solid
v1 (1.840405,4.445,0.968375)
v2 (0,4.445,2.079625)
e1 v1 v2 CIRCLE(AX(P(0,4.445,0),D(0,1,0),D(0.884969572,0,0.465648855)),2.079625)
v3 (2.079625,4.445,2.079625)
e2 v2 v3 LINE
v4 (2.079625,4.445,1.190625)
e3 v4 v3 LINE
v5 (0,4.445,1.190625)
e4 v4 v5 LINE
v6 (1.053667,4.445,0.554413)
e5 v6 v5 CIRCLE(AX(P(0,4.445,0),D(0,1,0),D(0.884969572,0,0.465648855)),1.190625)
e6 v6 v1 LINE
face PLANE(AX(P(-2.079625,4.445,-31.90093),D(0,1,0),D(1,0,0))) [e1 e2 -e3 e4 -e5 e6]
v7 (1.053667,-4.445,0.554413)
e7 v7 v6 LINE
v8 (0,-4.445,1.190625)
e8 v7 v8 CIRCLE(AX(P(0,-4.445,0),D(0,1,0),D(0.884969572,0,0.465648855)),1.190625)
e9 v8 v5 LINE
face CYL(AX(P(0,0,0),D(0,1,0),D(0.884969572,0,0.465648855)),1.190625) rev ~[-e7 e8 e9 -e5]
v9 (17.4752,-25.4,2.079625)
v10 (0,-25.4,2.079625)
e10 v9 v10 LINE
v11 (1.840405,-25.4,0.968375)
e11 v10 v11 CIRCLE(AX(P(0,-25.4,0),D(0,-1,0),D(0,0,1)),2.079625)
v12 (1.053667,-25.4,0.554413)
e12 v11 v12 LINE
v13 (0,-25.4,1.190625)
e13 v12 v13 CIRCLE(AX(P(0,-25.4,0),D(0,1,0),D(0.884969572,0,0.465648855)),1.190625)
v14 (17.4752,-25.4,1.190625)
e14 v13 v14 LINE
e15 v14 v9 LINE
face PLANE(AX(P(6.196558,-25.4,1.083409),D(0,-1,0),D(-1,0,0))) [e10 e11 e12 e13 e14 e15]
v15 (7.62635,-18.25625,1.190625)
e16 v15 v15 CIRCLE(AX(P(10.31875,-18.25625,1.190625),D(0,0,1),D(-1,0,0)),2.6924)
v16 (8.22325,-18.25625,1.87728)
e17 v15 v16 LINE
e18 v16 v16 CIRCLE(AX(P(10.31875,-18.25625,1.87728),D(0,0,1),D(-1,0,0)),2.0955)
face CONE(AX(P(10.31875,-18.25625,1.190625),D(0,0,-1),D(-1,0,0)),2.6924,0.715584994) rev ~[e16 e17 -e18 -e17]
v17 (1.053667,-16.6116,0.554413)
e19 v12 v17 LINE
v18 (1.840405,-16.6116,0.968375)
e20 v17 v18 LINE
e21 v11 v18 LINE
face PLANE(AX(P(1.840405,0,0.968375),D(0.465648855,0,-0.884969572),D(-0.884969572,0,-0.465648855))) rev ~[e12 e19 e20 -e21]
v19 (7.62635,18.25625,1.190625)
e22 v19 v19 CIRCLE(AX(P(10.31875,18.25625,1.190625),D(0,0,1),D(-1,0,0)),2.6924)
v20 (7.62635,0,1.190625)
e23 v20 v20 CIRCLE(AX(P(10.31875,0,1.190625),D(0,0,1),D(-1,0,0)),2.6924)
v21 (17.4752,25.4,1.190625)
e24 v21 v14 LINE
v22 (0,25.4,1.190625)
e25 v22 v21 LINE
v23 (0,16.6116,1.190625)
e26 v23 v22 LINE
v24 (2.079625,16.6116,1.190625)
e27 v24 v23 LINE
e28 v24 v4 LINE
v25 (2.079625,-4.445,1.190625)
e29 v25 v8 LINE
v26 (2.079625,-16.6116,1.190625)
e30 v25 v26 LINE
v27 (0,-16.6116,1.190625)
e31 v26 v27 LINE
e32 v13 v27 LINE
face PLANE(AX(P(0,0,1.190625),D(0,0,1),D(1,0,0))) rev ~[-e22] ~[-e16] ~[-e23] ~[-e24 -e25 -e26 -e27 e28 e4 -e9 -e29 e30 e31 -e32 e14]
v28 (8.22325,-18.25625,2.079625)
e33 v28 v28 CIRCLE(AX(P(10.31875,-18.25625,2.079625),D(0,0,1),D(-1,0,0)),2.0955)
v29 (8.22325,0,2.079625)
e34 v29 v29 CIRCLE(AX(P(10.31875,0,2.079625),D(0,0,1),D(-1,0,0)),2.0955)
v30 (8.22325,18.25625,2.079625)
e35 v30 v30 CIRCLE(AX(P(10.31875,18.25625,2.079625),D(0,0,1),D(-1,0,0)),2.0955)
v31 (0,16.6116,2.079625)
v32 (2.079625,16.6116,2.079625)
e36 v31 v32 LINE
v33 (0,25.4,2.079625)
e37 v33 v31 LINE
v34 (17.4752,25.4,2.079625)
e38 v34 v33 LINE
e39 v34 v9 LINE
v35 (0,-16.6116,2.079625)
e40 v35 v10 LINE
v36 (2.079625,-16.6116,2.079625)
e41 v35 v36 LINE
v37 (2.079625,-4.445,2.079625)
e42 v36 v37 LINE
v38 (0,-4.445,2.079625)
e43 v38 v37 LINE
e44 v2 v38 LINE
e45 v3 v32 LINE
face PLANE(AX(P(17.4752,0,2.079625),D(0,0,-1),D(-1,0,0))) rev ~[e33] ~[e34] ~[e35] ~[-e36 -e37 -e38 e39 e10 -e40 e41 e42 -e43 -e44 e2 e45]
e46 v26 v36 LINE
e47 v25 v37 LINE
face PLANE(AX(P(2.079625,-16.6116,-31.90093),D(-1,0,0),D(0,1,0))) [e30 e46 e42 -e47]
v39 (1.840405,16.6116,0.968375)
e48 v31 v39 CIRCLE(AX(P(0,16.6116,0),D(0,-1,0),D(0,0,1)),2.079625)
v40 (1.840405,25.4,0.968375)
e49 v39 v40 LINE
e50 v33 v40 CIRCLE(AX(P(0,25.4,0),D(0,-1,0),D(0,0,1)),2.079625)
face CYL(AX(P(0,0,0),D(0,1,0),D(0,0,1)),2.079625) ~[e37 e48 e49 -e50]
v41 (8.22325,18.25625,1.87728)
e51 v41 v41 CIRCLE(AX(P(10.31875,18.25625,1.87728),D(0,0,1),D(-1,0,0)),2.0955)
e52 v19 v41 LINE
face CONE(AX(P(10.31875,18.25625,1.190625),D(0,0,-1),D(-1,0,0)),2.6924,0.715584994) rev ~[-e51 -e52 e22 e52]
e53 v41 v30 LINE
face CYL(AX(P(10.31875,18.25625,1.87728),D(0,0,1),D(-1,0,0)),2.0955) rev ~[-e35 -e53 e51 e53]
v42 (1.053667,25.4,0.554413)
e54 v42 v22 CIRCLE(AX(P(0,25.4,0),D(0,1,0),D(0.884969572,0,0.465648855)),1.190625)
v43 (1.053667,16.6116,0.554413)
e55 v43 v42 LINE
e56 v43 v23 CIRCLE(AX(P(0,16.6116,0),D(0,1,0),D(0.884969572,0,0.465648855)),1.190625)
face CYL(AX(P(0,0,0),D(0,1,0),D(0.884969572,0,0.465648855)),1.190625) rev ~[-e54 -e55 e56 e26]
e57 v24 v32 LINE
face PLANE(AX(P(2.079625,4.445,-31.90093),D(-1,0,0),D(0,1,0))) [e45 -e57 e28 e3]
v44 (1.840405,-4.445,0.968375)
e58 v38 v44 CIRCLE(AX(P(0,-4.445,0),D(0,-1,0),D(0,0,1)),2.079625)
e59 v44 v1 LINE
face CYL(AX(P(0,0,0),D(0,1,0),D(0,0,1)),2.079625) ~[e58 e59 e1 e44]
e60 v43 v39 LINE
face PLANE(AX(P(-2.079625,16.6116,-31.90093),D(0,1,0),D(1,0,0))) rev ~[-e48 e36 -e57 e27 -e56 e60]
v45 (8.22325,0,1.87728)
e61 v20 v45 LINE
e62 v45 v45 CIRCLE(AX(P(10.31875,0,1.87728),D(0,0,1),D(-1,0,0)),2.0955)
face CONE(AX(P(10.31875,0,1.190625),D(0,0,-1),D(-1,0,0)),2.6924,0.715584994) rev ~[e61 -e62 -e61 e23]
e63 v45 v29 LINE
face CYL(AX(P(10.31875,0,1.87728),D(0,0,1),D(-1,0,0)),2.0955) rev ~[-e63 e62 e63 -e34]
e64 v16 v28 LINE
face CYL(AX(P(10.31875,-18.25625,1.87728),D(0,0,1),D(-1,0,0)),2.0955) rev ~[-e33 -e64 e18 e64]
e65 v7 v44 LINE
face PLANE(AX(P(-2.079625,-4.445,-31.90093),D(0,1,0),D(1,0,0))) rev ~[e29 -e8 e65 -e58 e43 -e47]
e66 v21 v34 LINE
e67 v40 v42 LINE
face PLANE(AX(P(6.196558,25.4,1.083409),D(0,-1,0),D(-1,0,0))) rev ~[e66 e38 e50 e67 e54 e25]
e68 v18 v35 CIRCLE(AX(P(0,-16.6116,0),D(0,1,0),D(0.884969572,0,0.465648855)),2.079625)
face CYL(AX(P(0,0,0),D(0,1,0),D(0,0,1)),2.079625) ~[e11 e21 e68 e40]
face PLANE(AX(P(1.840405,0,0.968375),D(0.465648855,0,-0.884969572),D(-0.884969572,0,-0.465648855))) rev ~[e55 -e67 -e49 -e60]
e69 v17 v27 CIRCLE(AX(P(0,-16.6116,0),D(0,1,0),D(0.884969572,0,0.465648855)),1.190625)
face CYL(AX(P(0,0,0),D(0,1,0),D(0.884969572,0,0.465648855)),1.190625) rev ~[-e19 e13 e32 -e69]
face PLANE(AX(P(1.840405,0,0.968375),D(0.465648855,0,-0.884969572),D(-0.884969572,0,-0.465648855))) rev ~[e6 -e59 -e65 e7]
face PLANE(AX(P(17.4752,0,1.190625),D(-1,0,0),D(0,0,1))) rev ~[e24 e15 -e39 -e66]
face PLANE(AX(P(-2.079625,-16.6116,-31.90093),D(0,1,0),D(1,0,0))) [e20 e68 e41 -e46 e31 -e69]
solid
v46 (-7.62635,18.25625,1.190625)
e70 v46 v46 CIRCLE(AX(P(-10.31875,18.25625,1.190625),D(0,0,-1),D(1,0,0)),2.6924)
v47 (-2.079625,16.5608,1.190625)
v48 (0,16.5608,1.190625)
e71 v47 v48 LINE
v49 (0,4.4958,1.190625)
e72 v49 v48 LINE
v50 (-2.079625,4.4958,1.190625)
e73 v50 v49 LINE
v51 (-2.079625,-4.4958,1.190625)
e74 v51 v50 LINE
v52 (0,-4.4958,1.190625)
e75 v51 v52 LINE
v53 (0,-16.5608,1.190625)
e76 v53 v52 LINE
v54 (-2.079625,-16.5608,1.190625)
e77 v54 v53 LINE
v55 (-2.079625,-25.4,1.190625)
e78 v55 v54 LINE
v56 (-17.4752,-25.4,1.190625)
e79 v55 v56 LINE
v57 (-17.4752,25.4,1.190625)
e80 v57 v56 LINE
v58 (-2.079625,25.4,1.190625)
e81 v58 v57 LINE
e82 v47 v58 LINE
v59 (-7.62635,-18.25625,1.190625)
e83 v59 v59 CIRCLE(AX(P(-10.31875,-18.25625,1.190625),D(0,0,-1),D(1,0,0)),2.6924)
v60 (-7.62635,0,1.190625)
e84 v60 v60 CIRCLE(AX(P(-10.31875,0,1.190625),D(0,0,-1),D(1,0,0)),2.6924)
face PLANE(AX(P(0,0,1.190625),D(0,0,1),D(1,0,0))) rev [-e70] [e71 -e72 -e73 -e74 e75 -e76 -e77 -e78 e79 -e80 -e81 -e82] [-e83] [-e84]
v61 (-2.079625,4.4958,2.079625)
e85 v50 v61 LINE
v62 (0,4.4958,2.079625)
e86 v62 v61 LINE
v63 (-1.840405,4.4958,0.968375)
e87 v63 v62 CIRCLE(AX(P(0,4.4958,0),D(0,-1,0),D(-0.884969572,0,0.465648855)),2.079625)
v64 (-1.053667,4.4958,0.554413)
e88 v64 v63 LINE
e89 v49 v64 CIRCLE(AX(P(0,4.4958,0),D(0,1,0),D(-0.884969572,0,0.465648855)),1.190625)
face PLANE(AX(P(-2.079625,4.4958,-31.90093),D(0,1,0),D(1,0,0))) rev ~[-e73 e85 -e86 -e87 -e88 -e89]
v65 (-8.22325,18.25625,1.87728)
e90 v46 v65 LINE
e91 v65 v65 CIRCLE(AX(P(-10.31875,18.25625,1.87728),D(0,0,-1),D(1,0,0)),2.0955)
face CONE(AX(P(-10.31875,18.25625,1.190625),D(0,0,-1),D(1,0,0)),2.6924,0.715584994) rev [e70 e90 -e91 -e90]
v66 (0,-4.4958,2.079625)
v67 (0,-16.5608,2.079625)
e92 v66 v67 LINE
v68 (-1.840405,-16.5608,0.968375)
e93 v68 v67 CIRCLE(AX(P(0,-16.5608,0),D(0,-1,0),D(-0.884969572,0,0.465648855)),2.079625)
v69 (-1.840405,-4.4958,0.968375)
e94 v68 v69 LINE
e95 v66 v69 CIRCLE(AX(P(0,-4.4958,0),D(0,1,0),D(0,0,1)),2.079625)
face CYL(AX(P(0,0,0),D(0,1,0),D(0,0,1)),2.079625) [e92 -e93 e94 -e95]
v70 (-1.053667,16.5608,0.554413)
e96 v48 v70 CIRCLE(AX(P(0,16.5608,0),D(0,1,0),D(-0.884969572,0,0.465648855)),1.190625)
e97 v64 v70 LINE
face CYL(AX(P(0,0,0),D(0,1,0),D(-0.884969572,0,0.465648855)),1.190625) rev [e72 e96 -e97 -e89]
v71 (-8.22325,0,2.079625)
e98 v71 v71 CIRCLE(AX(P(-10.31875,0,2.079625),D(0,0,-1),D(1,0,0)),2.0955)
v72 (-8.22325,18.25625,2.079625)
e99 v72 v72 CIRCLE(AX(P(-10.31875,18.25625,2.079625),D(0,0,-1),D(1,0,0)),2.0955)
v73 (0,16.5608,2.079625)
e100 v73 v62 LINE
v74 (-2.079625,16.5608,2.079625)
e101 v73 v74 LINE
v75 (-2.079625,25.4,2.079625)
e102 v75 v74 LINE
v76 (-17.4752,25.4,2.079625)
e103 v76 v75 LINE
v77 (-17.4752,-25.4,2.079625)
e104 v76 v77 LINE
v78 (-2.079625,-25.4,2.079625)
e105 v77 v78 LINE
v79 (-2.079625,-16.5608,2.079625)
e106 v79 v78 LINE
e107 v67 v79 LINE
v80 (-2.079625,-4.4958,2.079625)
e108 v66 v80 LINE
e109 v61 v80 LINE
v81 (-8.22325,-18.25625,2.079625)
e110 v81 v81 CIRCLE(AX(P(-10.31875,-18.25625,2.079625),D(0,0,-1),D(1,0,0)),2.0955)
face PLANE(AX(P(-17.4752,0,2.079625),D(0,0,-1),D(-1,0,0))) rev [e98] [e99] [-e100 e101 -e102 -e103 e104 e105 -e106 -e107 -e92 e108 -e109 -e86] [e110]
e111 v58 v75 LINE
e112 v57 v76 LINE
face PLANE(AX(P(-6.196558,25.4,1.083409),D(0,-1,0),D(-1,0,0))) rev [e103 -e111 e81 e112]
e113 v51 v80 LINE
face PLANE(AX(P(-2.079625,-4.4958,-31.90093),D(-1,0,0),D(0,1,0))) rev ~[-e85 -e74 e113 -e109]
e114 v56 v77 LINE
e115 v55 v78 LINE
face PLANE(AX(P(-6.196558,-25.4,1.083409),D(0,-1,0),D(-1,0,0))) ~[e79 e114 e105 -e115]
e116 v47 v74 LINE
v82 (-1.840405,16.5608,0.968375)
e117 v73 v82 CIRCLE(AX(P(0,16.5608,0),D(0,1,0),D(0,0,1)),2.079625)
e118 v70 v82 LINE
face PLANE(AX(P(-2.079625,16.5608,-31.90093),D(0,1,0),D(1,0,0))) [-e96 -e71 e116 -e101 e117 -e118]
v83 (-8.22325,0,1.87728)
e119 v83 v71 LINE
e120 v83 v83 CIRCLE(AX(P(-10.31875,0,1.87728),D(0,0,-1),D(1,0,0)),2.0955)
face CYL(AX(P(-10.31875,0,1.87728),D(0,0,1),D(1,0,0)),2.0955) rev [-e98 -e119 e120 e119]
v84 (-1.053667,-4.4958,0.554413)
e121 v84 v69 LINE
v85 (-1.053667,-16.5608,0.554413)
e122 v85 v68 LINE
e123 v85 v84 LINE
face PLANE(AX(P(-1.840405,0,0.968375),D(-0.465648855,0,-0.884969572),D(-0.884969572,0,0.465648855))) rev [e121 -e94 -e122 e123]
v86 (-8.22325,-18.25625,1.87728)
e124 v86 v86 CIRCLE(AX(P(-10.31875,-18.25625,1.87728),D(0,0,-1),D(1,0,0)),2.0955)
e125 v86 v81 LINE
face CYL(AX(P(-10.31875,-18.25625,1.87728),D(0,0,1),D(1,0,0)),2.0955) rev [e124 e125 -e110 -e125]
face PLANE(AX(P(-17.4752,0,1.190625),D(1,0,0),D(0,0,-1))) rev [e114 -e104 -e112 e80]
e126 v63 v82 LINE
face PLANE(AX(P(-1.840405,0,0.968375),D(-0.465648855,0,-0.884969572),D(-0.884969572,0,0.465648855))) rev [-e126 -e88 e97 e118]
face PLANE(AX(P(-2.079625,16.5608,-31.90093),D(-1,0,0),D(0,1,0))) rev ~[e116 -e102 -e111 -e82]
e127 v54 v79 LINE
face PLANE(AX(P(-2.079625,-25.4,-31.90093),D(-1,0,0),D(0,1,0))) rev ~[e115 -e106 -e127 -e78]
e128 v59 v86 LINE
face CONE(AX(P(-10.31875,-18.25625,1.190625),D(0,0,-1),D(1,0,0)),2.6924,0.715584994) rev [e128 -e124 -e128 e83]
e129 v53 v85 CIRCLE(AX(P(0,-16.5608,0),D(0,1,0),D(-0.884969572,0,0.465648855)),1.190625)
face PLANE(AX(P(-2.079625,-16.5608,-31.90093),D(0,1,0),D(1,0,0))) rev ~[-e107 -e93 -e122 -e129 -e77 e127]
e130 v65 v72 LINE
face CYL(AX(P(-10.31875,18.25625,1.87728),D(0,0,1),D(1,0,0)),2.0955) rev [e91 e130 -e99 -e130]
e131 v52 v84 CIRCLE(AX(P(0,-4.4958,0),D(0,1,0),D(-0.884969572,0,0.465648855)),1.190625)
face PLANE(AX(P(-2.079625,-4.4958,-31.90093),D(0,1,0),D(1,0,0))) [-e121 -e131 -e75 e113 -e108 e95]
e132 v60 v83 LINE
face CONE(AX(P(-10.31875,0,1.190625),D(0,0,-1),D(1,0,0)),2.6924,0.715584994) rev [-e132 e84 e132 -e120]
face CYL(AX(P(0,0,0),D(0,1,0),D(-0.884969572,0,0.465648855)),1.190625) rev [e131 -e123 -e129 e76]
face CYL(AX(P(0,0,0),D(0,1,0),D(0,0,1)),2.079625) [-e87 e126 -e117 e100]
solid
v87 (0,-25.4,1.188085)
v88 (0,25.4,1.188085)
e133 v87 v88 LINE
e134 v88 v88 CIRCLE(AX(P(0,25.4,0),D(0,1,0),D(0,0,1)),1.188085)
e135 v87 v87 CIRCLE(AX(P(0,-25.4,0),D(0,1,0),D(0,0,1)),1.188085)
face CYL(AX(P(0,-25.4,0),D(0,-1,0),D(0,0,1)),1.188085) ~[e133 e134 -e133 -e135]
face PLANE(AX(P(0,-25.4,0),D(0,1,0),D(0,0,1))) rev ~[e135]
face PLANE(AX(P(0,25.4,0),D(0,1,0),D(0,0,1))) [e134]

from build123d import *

# Parameters (mm, degrees)
EXTRUDE1_DEPTH          = 25.4
LPATTERN2_COUNT         = 3
LPATTERN2_PITCH         = 18.25625
CUT_EXTRUDE1_DEPTH      = 31.900929681
CUT_EXTRUDE1_DEPTH_BACK = 31.900929681
SKETCH4_W               = 4.15925
SKETCH4_H               = 12.1666
CUT_EXTRUDE2_DEPTH      = 31.900929681
CUT_EXTRUDE2_DEPTH_BACK = 31.900929681
SKETCH5_W               = 4.15925
SKETCH5_H               = 8.8392
SKETCH5_H_2             = 8.9916
EXTRUDE2_START          = -25.4
SKETCH6_R               = 1.188085
EXTRUDE2_DEPTH          = 50.8


with BuildPart() as part:
    # Sketch1 → Extrude1 (new, symmetric)
    with BuildSketch(Plane(origin=(0, 0, 0), x_dir=(1, 0, 0), z_dir=(0, 1, 0))):
        with BuildLine():
            Line((0, -1.190625), (17.4752, -1.190625))
            Line((17.4752, -1.190625), (17.4752, -2.079625))
            Line((17.4752, -2.079625), (0, -2.079625))
            ThreePointArc((0, -2.079625), (-1.074937971, 1.780266413), (1.840404847, -0.968375))
            Line((1.840404847, -0.968375), (1.053666897, -0.554413168))
            ThreePointArc((1.053666897, -0.554413168), (-0.615422502, 1.019236496), (0, -1.190625))
        make_face()
    extrude(amount=EXTRUDE1_DEPTH, both=True)

    # Sketch7 → Cut-Revolve1 (revolve, cut)
    with BuildSketch(Plane(origin=(10.31875, 0, 0), x_dir=(0, 0, -1), z_dir=(1, 0, 0)), mode=Mode.PRIVATE) as cut_revolve1_sk:
        Polygon((-1.190625, 18.25625), (-1.190625, 20.94865), (-1.877279902, 20.35175), (-2.079625, 20.35175), (-2.079625, 18.25625), align=None)
    cut_revolve1 = revolve(cut_revolve1_sk.sketch.rotate(Axis((10.31875, 18.25625, -1.822321443), (0, 0, 1)), 90), axis=Axis((10.31875, 18.25625, -1.822321443), (0, 0, 1)), mode=Mode.SUBTRACT)

    # LPattern2: Cut-Revolve1 ×3
    with Locations(*[(0, -i * LPATTERN2_PITCH, 0) for i in range(1, LPATTERN2_COUNT)]):
        add(cut_revolve1, mode=Mode.SUBTRACT)


with BuildPart() as body_2:
    # Mirror2: mirrored copy
    add(part.part.mirror(Plane(origin=(0, 0, 0), x_dir=(0, 0, 1), z_dir=(1, 0, 0))))

    # Sketch5 → Cut-Extrude2 (cut, two sides: drawn at the far end of the back side and taken through both)
    with BuildSketch(Plane.XY.offset(-CUT_EXTRUDE2_DEPTH_BACK)):
        with Locations((0, -20.9804)):
            Rectangle(SKETCH5_W, SKETCH5_H)
        Rectangle(SKETCH5_W, SKETCH5_H_2)
        with Locations((0, 20.9804)):
            Rectangle(SKETCH5_W, SKETCH5_H)
    extrude(amount=CUT_EXTRUDE2_DEPTH + CUT_EXTRUDE2_DEPTH_BACK, mode=Mode.SUBTRACT)


with BuildPart() as part_1:
    add(part.part)

    # Sketch4 → Cut-Extrude1 (cut, two sides: drawn at the far end of the back side and taken through both)
    with BuildSketch(Plane.XY.offset(-CUT_EXTRUDE1_DEPTH_BACK)):
        with Locations((0, 10.5283)):
            Rectangle(SKETCH4_W, SKETCH4_H)
        with Locations((0, -10.5283)):
            Rectangle(SKETCH4_W, SKETCH4_H)
    extrude(amount=CUT_EXTRUDE1_DEPTH + CUT_EXTRUDE1_DEPTH_BACK, mode=Mode.SUBTRACT)


with BuildPart() as body_3:
    # Sketch6 → Extrude2 (new body)
    with BuildSketch(Plane(origin=(0, 0, 0), x_dir=(1, 0, 0), z_dir=(0, 1, 0)).offset(EXTRUDE2_START)):
        with Locations(Location((0, 0, 0), (0, 0, 270))):
            Circle(SKETCH6_R)
    extrude(amount=EXTRUDE2_DEPTH)


solid = Compound([body_2.part, part_1.part, body_3.part])
